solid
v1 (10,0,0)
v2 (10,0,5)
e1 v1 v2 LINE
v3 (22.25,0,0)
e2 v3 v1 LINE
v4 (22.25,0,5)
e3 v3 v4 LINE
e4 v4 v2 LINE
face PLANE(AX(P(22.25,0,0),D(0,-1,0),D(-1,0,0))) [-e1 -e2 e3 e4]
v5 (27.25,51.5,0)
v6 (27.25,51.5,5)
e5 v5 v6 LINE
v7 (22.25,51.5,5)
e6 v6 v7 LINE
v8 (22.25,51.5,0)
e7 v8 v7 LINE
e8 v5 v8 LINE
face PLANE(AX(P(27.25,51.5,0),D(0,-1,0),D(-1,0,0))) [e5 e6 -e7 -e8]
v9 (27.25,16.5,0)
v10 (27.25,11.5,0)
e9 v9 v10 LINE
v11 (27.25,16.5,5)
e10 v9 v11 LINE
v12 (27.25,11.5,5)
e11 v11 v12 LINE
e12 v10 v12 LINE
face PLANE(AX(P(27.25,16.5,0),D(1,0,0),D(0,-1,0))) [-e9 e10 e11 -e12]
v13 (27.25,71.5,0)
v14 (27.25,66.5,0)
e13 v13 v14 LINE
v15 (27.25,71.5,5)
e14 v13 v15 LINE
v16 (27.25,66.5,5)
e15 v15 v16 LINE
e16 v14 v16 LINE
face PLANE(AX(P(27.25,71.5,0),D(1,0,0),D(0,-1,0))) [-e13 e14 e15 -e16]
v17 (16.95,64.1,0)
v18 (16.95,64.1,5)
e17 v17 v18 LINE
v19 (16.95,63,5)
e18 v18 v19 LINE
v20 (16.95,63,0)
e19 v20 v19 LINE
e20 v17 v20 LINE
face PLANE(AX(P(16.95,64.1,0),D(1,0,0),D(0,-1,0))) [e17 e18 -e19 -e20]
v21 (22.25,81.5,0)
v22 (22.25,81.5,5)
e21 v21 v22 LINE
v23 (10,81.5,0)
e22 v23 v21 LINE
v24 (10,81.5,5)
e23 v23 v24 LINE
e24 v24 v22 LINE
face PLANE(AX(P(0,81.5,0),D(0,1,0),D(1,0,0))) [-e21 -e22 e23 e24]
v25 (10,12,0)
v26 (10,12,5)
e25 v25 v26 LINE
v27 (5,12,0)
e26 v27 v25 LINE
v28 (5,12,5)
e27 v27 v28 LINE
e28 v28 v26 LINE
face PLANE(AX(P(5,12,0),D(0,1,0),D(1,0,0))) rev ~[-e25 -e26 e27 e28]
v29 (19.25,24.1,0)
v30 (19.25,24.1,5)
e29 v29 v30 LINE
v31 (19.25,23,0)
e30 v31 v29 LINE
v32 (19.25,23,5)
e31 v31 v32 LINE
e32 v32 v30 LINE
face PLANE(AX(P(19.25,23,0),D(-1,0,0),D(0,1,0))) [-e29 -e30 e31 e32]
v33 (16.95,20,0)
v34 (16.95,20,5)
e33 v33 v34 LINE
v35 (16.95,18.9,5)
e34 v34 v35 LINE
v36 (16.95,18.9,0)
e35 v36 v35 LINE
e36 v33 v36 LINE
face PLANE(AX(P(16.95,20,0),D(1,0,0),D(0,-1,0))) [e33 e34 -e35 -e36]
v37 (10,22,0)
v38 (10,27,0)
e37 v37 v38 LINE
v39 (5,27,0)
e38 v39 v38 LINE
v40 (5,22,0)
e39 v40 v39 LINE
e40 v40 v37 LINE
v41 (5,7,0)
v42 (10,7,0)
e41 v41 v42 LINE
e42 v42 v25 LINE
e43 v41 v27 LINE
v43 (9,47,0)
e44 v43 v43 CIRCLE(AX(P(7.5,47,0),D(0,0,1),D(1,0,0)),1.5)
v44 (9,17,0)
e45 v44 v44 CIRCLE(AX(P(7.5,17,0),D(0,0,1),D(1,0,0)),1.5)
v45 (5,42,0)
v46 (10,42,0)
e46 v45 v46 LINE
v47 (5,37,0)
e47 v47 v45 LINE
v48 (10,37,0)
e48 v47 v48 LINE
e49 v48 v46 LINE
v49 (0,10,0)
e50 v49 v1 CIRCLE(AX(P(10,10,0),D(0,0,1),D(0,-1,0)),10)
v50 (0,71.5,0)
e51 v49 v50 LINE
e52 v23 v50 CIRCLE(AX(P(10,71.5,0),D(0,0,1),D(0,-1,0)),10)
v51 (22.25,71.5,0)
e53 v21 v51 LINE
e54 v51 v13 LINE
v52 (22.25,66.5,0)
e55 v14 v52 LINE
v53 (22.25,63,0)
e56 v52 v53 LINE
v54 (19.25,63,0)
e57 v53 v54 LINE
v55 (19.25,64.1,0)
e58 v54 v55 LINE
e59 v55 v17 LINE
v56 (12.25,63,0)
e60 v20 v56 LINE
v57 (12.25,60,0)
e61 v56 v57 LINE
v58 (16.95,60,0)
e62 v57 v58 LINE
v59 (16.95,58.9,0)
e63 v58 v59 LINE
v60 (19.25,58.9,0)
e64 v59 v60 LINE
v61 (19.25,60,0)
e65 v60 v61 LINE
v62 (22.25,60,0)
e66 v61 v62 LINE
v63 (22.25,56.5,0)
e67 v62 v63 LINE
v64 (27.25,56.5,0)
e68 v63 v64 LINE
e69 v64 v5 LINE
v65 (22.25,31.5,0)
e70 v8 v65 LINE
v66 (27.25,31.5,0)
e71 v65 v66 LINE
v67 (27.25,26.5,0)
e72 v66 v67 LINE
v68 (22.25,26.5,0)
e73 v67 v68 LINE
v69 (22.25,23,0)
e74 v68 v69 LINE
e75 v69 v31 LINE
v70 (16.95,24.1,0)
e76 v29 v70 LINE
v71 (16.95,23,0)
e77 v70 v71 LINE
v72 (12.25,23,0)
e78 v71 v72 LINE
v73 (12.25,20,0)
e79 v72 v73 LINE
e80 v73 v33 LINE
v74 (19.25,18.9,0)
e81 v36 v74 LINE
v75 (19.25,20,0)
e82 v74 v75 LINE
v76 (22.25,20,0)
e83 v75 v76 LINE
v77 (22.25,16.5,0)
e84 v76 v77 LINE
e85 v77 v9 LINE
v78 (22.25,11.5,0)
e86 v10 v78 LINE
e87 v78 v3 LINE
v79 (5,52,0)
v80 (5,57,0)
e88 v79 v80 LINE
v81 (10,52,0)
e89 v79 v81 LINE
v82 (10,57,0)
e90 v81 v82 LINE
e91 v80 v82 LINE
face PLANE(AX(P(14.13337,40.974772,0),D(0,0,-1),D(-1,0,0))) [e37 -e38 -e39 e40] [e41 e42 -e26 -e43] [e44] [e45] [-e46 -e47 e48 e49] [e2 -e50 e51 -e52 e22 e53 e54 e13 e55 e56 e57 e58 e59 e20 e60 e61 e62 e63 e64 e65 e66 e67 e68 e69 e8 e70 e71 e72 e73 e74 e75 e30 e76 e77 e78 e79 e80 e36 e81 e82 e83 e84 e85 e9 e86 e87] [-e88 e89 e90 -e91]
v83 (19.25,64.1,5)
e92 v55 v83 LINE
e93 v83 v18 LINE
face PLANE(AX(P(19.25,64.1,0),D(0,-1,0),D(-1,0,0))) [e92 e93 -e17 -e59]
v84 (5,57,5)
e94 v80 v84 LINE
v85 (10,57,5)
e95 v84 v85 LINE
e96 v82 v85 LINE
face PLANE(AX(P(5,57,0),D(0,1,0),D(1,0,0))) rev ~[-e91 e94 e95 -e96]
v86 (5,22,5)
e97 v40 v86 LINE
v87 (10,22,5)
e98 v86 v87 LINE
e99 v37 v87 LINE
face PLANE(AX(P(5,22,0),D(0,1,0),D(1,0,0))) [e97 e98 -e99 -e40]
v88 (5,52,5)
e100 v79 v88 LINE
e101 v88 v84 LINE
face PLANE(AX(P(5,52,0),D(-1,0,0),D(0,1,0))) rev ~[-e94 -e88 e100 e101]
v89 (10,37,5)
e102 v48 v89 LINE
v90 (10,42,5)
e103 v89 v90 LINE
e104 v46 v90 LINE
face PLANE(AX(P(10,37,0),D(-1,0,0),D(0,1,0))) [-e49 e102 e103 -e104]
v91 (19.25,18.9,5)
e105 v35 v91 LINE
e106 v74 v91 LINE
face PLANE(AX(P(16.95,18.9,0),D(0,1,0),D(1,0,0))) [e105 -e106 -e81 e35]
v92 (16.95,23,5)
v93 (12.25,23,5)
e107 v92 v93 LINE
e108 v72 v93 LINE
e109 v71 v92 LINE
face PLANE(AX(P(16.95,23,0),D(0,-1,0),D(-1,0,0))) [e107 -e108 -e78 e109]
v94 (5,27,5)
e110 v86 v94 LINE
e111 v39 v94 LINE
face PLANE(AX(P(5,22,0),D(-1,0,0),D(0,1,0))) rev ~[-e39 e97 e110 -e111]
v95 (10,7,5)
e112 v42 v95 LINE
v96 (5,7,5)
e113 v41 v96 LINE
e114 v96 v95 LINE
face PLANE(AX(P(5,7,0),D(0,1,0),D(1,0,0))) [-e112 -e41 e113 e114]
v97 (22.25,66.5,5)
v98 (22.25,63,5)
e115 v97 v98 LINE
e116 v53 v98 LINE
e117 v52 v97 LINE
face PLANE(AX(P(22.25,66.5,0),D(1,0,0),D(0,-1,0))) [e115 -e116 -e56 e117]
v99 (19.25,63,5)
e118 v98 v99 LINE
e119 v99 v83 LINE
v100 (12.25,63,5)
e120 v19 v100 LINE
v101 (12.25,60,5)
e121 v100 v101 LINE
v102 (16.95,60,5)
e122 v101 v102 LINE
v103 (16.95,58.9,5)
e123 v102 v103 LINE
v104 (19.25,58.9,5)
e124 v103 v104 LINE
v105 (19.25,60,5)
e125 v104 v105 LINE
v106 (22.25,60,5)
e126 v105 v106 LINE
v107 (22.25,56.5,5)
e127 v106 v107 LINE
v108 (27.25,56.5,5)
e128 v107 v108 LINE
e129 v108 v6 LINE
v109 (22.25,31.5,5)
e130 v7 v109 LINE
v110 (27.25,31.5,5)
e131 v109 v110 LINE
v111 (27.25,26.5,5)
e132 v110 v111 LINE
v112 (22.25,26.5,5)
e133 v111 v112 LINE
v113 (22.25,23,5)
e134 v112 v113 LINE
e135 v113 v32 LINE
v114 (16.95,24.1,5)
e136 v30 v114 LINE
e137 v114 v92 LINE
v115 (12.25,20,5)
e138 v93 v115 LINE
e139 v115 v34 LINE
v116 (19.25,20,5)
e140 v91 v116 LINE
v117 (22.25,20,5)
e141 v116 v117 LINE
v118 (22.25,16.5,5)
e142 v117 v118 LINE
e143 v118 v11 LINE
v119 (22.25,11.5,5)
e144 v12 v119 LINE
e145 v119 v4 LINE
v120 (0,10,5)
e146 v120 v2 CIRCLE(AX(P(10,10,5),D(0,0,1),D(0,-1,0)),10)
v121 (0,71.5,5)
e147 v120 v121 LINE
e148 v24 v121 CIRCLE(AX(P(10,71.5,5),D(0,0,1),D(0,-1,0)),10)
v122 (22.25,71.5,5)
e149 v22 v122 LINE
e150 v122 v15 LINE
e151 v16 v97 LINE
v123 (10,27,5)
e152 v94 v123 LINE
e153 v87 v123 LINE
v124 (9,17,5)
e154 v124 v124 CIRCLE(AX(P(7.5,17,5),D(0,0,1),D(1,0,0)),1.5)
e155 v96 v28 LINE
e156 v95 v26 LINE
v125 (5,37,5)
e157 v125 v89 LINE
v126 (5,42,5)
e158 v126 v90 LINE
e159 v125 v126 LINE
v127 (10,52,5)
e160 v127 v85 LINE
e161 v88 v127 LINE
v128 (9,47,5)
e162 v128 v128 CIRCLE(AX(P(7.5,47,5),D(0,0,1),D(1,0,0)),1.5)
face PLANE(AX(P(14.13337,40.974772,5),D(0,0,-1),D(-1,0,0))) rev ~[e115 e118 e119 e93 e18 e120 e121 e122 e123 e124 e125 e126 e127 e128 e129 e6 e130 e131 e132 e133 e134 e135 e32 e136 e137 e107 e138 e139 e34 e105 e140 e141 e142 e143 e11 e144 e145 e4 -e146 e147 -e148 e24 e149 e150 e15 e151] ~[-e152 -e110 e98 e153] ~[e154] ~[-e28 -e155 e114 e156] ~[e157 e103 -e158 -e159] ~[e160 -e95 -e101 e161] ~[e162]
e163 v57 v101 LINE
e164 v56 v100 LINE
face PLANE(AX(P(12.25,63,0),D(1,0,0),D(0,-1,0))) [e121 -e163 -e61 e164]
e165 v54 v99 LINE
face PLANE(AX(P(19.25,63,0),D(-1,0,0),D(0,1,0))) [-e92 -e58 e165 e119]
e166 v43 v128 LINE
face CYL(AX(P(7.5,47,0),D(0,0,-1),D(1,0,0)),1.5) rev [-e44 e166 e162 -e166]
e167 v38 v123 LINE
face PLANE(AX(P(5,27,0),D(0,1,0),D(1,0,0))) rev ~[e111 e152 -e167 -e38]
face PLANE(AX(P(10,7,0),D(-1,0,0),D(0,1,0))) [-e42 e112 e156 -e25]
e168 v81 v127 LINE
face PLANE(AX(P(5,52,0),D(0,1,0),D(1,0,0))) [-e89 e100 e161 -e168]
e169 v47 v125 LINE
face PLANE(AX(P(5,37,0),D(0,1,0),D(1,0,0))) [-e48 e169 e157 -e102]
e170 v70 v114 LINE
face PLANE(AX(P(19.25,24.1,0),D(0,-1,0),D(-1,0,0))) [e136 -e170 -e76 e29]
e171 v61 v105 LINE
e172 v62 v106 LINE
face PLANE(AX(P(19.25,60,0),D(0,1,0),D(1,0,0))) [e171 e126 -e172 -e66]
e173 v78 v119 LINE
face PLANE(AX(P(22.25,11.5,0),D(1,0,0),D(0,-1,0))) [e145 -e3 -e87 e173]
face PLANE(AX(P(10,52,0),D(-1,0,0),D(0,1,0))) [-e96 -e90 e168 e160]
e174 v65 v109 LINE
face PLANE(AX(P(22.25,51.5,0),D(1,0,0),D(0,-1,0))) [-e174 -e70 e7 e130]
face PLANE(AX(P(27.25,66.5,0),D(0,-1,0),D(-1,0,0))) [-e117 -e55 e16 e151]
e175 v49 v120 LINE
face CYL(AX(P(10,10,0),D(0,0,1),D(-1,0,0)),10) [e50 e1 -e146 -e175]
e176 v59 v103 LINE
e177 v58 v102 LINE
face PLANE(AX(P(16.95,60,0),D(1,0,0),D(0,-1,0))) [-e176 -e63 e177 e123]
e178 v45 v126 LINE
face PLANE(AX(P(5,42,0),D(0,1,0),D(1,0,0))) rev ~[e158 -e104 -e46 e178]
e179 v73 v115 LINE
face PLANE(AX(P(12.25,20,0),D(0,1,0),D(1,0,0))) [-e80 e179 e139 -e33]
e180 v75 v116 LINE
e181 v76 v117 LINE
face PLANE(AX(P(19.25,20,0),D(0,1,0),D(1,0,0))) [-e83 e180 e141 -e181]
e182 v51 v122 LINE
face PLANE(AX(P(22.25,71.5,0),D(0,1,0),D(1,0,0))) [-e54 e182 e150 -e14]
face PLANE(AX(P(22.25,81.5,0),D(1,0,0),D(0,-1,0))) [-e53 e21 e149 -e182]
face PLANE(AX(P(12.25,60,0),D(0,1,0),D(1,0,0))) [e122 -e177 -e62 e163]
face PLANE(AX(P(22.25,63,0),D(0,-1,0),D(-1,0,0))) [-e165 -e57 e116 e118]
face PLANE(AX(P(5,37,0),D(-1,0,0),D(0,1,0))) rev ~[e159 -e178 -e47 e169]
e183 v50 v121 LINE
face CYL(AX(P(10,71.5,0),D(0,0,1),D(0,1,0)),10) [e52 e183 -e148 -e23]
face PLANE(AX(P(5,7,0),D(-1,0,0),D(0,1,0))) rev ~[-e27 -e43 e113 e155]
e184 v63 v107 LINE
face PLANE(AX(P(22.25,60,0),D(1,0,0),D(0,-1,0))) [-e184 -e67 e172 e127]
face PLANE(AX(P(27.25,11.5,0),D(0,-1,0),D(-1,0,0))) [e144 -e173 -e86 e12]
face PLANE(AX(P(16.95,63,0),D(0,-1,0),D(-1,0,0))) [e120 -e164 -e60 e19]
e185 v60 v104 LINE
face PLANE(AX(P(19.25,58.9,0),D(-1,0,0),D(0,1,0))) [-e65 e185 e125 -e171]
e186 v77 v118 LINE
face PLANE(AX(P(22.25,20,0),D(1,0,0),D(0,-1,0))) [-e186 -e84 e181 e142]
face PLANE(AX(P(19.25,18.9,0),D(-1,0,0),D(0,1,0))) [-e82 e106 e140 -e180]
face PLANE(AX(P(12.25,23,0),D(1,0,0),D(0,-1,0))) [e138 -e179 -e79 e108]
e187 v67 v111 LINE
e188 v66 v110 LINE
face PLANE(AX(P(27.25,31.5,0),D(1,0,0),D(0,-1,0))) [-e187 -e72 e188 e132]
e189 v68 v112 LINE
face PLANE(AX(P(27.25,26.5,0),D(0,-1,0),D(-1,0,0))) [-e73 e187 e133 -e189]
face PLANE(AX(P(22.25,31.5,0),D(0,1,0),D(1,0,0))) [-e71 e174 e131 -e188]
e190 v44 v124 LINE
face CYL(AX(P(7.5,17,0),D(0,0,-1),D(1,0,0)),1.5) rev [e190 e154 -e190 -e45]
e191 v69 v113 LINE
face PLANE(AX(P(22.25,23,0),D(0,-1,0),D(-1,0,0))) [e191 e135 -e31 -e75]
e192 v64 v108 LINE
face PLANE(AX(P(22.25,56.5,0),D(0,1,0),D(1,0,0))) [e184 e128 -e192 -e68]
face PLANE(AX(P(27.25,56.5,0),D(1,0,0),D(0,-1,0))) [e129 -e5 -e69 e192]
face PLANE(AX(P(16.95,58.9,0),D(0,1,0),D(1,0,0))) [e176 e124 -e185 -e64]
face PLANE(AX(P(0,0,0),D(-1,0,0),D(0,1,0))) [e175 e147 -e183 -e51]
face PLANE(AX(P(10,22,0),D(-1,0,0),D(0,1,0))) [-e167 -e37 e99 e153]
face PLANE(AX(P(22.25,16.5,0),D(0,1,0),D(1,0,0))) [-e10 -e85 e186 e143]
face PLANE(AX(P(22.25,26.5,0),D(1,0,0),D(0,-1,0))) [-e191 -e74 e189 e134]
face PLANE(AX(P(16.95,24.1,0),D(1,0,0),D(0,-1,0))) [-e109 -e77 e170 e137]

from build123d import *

# Parameters (mm, degrees)
SKETCH1_R           = 1.5
SKETCH1_W           = 5
SKETCH1_H           = 5
BOSS_EXTRUDE1_DEPTH = 5
CONG_1_R            = 10


with BuildPart() as part:
    # Sketch1 → Boss-Extrude1 (new body)
    with BuildSketch(Plane.XY):
        Polygon((22.25, 81.5), (22.25, 71.5), (27.25, 71.5), (27.25, 66.5), (22.25, 66.5), (22.25, 63), (19.25, 63), (19.25, 64.1), (16.95, 64.1), (16.95, 63), (12.25, 63), (12.25, 60), (16.95, 60), (16.95, 58.9), (19.25, 58.9), (19.25, 60), (22.25, 60), (22.25, 56.5), (27.25, 56.5), (27.25, 51.5), (22.25, 51.5), (22.25, 31.5), (27.25, 31.5), (27.25, 26.5), (22.25, 26.5), (22.25, 23), (19.25, 23), (19.25, 24.1), (16.95, 24.1), (16.95, 23), (12.25, 23), (12.25, 20), (16.95, 20), (16.95, 18.9), (19.25, 18.9), (19.25, 20), (22.25, 20), (22.25, 16.5), (27.25, 16.5), (27.25, 11.5), (22.25, 11.5), (22.25, 0), (0, 0), (0, 81.5), align=None)
        with Locations((7.5, 47)):
            Circle(SKETCH1_R, mode=Mode.SUBTRACT)
        with Locations((7.5, 17)):
            Circle(SKETCH1_R, mode=Mode.SUBTRACT)
        with Locations((7.5, 39.5)):
            Rectangle(SKETCH1_W, SKETCH1_H, mode=Mode.SUBTRACT)
        with Locations((7.5, 54.5)):
            Rectangle(SKETCH1_W, SKETCH1_H, mode=Mode.SUBTRACT)
        with Locations((7.5, 9.5)):
            Rectangle(SKETCH1_W, SKETCH1_H, mode=Mode.SUBTRACT)
        with Locations((7.5, 24.5)):
            Rectangle(SKETCH1_W, SKETCH1_H, mode=Mode.SUBTRACT)
    extrude(amount=BOSS_EXTRUDE1_DEPTH)

    # Congé1
    cong_1_edges = [part.edges().sort_by_distance(p)[0] for p in [
        (0, 0, 2.5),
        (0, 81.5, 2.5),
    ]]
    fillet(cong_1_edges, radius=CONG_1_R)


solid = part.part
